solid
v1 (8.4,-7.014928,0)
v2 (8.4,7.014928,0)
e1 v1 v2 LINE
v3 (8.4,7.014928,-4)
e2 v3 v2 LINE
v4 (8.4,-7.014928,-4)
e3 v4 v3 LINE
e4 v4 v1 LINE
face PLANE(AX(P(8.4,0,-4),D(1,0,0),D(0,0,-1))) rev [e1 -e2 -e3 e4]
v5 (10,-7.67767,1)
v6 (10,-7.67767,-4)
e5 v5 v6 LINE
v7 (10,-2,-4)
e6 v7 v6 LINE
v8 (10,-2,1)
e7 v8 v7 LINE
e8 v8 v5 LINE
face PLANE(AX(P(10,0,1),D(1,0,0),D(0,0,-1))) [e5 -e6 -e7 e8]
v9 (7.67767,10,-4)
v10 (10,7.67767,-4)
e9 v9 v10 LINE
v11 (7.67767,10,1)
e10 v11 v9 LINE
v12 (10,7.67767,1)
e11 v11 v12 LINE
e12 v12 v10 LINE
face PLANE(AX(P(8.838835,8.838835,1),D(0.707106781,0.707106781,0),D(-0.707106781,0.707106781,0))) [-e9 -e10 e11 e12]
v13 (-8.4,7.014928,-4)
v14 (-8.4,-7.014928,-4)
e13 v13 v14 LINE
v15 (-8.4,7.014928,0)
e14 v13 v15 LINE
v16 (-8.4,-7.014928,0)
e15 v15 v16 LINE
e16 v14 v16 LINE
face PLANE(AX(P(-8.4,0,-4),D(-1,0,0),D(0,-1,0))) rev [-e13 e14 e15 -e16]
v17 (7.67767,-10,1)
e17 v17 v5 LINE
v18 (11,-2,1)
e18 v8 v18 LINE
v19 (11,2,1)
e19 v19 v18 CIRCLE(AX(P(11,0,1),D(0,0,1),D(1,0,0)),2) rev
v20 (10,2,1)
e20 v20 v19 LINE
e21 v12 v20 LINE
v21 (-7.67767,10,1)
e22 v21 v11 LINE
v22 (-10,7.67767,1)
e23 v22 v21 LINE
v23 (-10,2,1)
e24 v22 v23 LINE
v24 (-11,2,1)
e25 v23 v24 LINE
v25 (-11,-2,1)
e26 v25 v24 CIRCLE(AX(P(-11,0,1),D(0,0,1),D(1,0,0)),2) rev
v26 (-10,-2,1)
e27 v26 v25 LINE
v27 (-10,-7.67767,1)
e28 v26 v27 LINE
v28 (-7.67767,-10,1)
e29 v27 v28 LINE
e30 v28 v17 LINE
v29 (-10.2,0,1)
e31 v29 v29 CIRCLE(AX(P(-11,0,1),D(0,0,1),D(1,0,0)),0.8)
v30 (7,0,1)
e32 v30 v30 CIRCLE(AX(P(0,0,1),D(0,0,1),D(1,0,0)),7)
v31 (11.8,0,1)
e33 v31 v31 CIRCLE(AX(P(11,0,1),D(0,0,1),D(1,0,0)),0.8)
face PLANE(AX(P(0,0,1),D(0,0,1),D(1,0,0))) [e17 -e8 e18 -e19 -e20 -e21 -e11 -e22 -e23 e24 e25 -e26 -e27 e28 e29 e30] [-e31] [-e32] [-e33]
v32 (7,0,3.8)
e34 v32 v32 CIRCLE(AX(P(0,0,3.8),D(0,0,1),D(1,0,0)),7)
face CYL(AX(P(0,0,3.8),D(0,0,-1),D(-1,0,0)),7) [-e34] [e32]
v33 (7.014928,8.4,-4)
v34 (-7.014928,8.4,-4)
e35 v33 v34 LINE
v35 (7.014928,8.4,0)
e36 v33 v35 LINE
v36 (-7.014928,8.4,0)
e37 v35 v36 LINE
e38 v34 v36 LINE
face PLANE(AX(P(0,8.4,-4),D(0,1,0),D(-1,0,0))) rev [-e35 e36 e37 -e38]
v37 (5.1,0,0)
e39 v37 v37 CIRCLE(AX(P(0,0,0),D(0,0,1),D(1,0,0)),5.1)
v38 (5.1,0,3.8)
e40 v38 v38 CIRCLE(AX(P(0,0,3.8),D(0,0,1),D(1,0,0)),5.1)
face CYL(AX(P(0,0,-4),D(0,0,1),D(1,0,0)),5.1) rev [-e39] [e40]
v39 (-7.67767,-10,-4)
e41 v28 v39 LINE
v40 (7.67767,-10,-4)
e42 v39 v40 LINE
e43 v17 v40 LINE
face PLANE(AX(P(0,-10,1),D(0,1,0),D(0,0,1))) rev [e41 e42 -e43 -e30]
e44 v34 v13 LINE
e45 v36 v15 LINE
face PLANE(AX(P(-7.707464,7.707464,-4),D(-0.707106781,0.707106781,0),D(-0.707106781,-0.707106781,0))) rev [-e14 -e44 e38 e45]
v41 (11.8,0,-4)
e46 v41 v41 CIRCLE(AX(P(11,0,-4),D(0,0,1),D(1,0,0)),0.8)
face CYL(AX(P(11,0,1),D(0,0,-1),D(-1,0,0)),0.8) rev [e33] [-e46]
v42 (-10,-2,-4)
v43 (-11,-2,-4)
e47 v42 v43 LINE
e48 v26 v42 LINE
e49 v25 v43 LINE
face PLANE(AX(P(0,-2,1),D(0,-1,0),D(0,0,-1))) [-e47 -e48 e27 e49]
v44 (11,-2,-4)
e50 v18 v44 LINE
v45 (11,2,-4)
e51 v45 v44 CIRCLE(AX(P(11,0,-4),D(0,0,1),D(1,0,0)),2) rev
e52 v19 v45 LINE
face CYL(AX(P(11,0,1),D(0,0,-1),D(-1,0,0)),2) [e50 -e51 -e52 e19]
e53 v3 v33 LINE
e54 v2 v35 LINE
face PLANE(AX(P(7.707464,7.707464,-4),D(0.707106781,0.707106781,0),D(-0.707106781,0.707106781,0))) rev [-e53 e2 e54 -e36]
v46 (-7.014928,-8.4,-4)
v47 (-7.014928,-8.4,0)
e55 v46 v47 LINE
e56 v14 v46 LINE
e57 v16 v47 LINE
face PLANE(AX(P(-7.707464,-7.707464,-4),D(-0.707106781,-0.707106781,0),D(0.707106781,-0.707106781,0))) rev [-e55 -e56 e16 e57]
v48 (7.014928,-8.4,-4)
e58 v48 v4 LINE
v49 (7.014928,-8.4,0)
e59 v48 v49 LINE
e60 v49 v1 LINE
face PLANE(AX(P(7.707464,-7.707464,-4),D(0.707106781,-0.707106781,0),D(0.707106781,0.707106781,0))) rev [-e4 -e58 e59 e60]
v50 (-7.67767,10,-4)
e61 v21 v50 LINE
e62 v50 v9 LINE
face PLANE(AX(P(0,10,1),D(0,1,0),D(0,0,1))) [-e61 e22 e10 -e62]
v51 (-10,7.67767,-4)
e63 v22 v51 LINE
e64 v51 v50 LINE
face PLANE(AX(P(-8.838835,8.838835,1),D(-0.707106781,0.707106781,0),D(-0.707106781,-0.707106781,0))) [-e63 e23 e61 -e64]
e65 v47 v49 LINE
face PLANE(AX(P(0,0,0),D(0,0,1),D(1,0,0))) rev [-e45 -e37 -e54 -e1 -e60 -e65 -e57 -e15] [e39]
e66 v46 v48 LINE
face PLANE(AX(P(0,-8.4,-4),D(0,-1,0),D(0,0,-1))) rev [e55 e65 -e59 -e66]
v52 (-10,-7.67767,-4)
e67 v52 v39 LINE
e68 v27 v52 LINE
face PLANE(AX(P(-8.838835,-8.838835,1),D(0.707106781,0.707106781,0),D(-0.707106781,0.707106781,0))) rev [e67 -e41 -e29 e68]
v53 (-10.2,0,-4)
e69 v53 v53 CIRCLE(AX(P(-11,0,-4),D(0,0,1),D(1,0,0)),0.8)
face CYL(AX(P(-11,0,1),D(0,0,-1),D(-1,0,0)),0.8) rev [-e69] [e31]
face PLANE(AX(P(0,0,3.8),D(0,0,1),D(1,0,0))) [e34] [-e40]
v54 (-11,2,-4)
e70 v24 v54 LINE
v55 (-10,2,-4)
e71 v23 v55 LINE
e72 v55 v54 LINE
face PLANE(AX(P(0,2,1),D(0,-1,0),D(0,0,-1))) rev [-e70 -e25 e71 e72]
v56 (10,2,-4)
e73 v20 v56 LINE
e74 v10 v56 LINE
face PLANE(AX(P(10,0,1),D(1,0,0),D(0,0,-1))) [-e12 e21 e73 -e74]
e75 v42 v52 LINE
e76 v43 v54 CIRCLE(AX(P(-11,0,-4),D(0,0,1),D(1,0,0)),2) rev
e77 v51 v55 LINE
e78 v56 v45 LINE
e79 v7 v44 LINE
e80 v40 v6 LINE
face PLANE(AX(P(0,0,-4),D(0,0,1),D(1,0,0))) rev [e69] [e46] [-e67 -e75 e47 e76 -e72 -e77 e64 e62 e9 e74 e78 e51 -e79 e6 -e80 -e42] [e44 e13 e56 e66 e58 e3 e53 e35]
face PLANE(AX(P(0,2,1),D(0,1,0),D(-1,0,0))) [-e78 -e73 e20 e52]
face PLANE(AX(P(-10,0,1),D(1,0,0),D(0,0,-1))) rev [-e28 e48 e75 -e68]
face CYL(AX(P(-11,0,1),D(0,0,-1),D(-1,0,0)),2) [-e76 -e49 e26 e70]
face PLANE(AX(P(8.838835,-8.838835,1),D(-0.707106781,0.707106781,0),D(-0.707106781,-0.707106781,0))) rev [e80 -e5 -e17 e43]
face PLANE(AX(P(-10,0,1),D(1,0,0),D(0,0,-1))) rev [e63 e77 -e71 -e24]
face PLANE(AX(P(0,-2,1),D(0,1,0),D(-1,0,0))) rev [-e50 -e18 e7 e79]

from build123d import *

# Parameters (mm, degrees)
SKETCH1_R                = 0.8
ROOF_DEPTH               = 1
WALLS_START              = -4
SKETCH1_3_R              = 0.8
WALLS_DEPTH              = 4
SKETCH2_R                = 5.1
SCREW_HOLE_IN_ROOF_DEPTH = 18.146428369
SCREW_START              = 2.8
SKETCH2_3_R              = 7
SKETCH2_3_R_2            = 5.1
SCREW_HOLDER_DEPTH       = 2.8


with BuildPart() as part:
    # Sketch1 → Roof (new body)
    with BuildSketch(Plane.XY):
        with BuildLine():
            Line((-7.67766953, 10), (-10, 7.67766953))
            Line((-10, 7.67766953), (-10, 2))
            Line((-10, 2), (-11.000000224, 2))
            ThreePointArc((-11.000000224, 2), (-13.000000224, 0), (-11.000000224, -2))
            Line((-11.000000224, -2), (-10, -2))
            Line((-10, -2), (-10, -7.67766953))
            Line((-10, -7.67766953), (-7.67766953, -10))
            Line((-7.67766953, -10), (7.67766953, -10))
            Line((7.67766953, -10), (10, -7.67766953))
            Line((10, -7.67766953), (10, -2))
            Line((10, -2), (11, -2))
            ThreePointArc((11, -2), (13, 0), (11, 2))
            Line((11, 2), (10, 2))
            Line((10, 2), (10, 7.67766953))
            Line((10, 7.67766953), (7.67766953, 10))
            Line((7.67766953, 10), (-7.67766953, 10))
        make_face()
        with Locations((11, 0)):
            Circle(SKETCH1_R, mode=Mode.SUBTRACT)
        with Locations((-11.000000224, 0)):
            Circle(SKETCH1_R, mode=Mode.SUBTRACT)
    extrude(amount=ROOF_DEPTH)

    # Sketch1<3> → Walls (add)
    with BuildSketch(Plane.XY.offset(WALLS_START)):
        with BuildLine():
            Line((-7.67766953, 10), (-10, 7.67766953))
            Line((-10, 7.67766953), (-10, 2))
            Line((-10, 2), (-11.000000224, 2))
            ThreePointArc((-11.000000224, 2), (-13.000000224, 0), (-11.000000224, -2))
            Line((-11.000000224, -2), (-10, -2))
            Line((-10, -2), (-10, -7.67766953))
            Line((-10, -7.67766953), (-7.67766953, -10))
            Line((-7.67766953, -10), (7.67766953, -10))
            Line((7.67766953, -10), (10, -7.67766953))
            Line((10, -7.67766953), (10, -2))
            Line((10, -2), (11, -2))
            ThreePointArc((11, -2), (13, 0), (11, 2))
            Line((11, 2), (10, 2))
            Line((10, 2), (10, 7.67766953))
            Line((10, 7.67766953), (7.67766953, 10))
            Line((7.67766953, 10), (-7.67766953, 10))
        make_face()
        Polygon((-8.4, -7.01492783), (-8.4, 7.01492783), (-7.01492783, 8.4), (7.01492783, 8.4), (8.4, 7.01492783), (8.4, -7.01492783), (7.01492783, -8.4), (-7.01492783, -8.4), align=None, mode=Mode.SUBTRACT)
        with Locations((11, 0)):
            Circle(SKETCH1_3_R, mode=Mode.SUBTRACT)
        with Locations((-11.000000224, 0)):
            Circle(SKETCH1_3_R, mode=Mode.SUBTRACT)
    extrude(amount=WALLS_DEPTH)

    # Sketch2 → Screw hole in roof (cut, through all)
    with BuildSketch(Plane.XY.offset(1)):
        Circle(SKETCH2_R)
    extrude(amount=-SCREW_HOLE_IN_ROOF_DEPTH, mode=Mode.SUBTRACT)

    # Sketch2<3> → Screw holder (add)
    with BuildSketch(Plane.XY.offset(1).offset(SCREW_START)):
        Circle(SKETCH2_3_R)
        Circle(SKETCH2_3_R_2, mode=Mode.SUBTRACT)
    extrude(amount=-SCREW_HOLDER_DEPTH)


solid = part.part
